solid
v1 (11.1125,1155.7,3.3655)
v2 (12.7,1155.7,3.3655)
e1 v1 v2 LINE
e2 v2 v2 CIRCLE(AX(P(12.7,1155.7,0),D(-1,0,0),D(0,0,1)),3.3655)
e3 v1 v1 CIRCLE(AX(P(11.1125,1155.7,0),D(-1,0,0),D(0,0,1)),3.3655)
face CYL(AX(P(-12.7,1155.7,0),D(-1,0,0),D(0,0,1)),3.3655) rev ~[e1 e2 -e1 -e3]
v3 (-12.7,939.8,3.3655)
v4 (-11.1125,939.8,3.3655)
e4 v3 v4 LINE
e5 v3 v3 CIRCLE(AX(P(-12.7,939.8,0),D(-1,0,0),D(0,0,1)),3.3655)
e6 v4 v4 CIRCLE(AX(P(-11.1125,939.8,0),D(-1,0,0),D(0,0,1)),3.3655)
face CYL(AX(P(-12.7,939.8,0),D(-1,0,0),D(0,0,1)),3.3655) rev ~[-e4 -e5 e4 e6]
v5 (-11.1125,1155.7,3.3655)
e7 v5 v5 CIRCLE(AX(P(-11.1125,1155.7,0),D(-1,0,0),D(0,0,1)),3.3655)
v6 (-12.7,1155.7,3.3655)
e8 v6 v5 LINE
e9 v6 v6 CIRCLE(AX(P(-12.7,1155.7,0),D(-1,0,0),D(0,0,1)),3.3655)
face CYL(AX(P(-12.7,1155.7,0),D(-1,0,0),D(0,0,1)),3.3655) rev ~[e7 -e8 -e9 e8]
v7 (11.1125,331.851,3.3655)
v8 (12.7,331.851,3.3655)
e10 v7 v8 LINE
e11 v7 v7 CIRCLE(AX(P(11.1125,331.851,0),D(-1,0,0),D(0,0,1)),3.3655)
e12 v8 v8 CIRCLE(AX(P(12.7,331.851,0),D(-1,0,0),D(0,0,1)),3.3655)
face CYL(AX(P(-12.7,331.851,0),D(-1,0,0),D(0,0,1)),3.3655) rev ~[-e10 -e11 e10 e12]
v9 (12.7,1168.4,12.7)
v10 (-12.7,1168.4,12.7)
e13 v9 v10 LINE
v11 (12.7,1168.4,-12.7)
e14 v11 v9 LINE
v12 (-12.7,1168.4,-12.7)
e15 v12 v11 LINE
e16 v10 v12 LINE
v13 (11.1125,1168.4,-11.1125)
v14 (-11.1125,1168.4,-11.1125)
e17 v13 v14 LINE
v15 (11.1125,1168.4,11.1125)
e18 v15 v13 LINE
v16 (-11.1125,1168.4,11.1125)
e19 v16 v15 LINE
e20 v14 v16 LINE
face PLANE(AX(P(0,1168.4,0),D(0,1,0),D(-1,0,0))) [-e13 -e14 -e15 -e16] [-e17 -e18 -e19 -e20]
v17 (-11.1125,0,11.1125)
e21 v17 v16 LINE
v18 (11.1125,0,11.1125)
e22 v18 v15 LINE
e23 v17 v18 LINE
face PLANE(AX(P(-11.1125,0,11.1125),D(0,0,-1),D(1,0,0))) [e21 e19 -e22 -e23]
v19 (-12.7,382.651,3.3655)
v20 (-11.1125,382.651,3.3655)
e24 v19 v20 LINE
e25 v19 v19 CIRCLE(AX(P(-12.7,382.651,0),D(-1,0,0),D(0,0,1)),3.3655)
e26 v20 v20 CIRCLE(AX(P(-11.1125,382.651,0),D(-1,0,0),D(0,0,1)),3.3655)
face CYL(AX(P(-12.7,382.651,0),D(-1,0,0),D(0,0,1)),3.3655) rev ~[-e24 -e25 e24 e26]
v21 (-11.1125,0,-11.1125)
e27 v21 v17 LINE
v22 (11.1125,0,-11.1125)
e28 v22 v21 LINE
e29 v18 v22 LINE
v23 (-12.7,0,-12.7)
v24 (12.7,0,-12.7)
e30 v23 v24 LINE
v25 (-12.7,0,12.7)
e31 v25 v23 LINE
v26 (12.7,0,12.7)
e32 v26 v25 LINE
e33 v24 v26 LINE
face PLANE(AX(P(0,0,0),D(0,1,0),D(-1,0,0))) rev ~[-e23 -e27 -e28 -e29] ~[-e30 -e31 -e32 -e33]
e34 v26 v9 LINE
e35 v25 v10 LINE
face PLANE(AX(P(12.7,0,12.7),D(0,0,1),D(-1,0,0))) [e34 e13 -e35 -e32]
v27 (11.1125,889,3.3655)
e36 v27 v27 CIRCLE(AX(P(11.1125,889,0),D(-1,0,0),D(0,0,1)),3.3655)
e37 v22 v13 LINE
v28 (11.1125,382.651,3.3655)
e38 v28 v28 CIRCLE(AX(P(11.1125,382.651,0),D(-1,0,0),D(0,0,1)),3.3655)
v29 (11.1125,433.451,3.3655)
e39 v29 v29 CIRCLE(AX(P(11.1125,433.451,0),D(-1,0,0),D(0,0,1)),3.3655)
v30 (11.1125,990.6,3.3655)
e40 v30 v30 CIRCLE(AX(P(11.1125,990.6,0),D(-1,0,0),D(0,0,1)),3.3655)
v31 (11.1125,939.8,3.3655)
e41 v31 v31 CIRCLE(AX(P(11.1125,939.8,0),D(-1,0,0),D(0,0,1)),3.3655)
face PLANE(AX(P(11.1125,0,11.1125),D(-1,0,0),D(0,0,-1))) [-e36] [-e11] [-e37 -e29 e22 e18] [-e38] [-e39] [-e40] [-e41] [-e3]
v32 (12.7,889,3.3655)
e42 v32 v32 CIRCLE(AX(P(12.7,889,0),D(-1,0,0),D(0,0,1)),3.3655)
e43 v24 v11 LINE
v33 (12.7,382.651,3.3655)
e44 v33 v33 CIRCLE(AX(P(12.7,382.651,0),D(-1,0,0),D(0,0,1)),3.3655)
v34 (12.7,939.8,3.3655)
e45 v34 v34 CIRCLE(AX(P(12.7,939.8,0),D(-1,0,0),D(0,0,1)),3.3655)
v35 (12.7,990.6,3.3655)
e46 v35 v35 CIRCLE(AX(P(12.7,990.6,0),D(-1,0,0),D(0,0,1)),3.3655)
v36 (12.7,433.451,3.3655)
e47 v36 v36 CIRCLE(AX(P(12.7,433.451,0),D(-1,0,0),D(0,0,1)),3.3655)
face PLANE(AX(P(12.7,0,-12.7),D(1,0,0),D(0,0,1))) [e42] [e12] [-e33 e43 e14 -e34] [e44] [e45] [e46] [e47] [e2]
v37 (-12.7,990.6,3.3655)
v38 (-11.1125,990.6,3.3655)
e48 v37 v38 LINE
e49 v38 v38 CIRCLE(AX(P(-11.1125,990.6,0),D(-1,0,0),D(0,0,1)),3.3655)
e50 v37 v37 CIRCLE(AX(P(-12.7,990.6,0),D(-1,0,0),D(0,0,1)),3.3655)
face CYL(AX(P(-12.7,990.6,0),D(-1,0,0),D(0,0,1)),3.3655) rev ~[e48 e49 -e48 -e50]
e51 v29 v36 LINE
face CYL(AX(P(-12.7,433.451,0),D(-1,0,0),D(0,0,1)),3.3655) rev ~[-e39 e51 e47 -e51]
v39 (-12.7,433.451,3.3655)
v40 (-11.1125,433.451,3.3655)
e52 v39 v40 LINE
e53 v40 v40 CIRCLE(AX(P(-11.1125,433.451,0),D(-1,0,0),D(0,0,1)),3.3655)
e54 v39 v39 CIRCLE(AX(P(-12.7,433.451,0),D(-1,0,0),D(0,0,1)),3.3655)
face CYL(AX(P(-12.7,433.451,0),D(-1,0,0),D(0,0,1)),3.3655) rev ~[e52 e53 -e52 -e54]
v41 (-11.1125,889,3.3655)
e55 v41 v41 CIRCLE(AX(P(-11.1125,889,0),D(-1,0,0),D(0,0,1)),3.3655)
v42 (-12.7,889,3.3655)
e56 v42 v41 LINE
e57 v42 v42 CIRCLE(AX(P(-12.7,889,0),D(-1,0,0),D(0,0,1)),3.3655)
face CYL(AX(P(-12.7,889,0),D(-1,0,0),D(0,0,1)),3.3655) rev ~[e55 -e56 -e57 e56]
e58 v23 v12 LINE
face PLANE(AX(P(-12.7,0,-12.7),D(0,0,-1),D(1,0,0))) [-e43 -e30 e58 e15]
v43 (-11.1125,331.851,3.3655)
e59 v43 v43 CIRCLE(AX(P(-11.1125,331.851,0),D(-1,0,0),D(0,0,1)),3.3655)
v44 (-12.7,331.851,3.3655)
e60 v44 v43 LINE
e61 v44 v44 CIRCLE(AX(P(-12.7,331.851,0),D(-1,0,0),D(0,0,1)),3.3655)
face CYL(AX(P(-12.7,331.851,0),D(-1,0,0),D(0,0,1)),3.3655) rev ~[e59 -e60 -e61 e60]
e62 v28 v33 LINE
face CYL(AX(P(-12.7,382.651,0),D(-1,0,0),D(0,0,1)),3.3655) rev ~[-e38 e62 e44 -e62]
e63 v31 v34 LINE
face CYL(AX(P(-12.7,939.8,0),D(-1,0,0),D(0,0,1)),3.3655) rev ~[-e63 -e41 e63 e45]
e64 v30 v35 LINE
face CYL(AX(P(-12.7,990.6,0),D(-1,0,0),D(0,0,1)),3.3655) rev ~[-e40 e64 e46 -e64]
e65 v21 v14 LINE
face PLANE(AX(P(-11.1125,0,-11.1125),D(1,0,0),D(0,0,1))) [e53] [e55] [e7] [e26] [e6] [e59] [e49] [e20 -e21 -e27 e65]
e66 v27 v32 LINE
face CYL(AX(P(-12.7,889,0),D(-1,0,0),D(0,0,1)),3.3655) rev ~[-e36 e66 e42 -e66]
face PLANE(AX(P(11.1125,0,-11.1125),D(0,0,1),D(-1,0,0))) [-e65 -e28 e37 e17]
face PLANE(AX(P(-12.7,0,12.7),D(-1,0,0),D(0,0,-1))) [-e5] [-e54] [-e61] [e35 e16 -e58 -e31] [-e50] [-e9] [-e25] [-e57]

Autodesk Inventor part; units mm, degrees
ref_plane "YZ Plane" through (0, 0, 0) normal (1, 0, 0) x (0, 1, 0)
ref_plane "XZ Plane" through (0, 0, 0) normal (0, 1, 0) x (-1, 0, 0)
ref_plane "XY Plane" through (0, 0, 0) normal (0, 0, 1) x (1, 0, 0)
sketch "Sketch1" plane through (0, 0, 0) normal (0, 1, 0) x (-1, 0, 0)
  line L0 (12.7, -12.7) -> (-12.7, -12.7)
  line L1 (-12.7, -12.7) -> (-12.7, 12.7)
  line L2 (-12.7, 12.7) -> (12.7, 12.7)
  line L3 (12.7, 12.7) -> (12.7, -12.7)
  line L4 (-11.1125, -11.1125) -> (11.1125, -11.1125)
  line L5 (11.1125, -11.1125) -> (11.1125, 11.1125)
  line L6 (11.1125, 11.1125) -> (-11.1125, 11.1125)
  line L7 (-11.1125, 11.1125) -> (-11.1125, -11.1125)
  point P0 (0, 0)
  point P1 (0, -12.7)
  point P2 (-12.7, 0)
  dimension "d0" = 25.4
  dimension "d1" = 1.5875
extrude "Extrusion1" add sketch "Sketch1" along normal blind 1168.4
sketch "Sketch3" plane through (-12.7, 0, 12.7) normal (-1, 0, 0) x (0, 0, 1)
  arc A0 (-169.799, 314.325) -> (-166.624, 311.15) centre (-166.624, 314.325) ccw construction
  line L0 (-166.624, 311.15) -> (4.826, 311.15) construction
  arc A1 (4.826, 311.15) -> (8.001, 314.325) centre (4.826, 314.325) ccw construction
  line L1 (8.001, 314.325) -> (8.001, 442.976) construction
  arc A2 (8.001, 442.976) -> (4.826, 446.151) centre (4.826, 442.976) ccw construction
  line L2 (4.826, 446.151) -> (-32.4164, 446.151) construction
  arc A3 (-32.4164, 446.151) -> (-34.2128, 445.5939) centre (-32.4164, 442.976) ccw construction
  line L3 (-34.2128, 445.5939) -> (-168.4205, 353.498) construction
  arc A4 (-168.4205, 353.498) -> (-169.799, 350.8801) centre (-166.624, 350.8801) ccw construction
  line L4 (-169.799, 350.8801) -> (-169.799, 314.325) construction
  circle A5 centre (-12.7, 433.451) radius 3.3655 projected
  circle A6 centre (-12.7, 382.651) radius 3.3655 projected
  circle A7 centre (-12.7, 331.851) radius 3.3655 projected
  circle A8 centre (-63.5, 331.851) radius 3.3655 construction
  circle A9 centre (-114.3, 331.851) radius 3.3655 construction
  circle A10 centre (-165.1, 331.851) radius 3.3655 construction
  arc A11 (-169.799, 871.474) -> (-166.624, 868.299) centre (-166.624, 871.474) ccw construction
  line L5 (-166.624, 868.299) -> (4.826, 868.299) construction
  arc A12 (4.826, 868.299) -> (8.001, 871.474) centre (4.826, 871.474) ccw construction
  line L6 (8.001, 871.474) -> (8.001, 1000.125) construction
  arc A13 (8.001, 1000.125) -> (4.826, 1003.3) centre (4.826, 1000.125) ccw construction
  line L7 (4.826, 1003.3) -> (-32.4164, 1003.3) construction
  arc A14 (-32.4164, 1003.3) -> (-34.2128, 1002.7429) centre (-32.4164, 1000.125) ccw construction
  line L8 (-34.2128, 1002.7429) -> (-168.4205, 910.647) construction
  arc A15 (-168.4205, 910.647) -> (-169.799, 908.0291) centre (-166.624, 908.0291) ccw construction
  line L9 (-169.799, 908.0291) -> (-169.799, 871.474) construction
  circle A16 centre (-12.7, 990.6) radius 3.3655 projected
  circle A17 centre (-12.7, 939.8) radius 3.3655 projected
  circle A18 centre (-12.7, 889) radius 3.3655 projected
  circle A19 centre (-63.5, 889) radius 3.3655 construction
  circle A20 centre (-114.3, 889) radius 3.3655 construction
  circle A21 centre (-165.1, 889) radius 3.3655 construction
  circle A22 centre (-12.7, 1155.7) radius 3.3655
  point P0 (-12.7, 0)
  dimension "d7" = 165.1
extrude "Extrusion2" cut sketch "Sketch3" against normal blind 25.4
properties part number "Square" material "Aluminum"
